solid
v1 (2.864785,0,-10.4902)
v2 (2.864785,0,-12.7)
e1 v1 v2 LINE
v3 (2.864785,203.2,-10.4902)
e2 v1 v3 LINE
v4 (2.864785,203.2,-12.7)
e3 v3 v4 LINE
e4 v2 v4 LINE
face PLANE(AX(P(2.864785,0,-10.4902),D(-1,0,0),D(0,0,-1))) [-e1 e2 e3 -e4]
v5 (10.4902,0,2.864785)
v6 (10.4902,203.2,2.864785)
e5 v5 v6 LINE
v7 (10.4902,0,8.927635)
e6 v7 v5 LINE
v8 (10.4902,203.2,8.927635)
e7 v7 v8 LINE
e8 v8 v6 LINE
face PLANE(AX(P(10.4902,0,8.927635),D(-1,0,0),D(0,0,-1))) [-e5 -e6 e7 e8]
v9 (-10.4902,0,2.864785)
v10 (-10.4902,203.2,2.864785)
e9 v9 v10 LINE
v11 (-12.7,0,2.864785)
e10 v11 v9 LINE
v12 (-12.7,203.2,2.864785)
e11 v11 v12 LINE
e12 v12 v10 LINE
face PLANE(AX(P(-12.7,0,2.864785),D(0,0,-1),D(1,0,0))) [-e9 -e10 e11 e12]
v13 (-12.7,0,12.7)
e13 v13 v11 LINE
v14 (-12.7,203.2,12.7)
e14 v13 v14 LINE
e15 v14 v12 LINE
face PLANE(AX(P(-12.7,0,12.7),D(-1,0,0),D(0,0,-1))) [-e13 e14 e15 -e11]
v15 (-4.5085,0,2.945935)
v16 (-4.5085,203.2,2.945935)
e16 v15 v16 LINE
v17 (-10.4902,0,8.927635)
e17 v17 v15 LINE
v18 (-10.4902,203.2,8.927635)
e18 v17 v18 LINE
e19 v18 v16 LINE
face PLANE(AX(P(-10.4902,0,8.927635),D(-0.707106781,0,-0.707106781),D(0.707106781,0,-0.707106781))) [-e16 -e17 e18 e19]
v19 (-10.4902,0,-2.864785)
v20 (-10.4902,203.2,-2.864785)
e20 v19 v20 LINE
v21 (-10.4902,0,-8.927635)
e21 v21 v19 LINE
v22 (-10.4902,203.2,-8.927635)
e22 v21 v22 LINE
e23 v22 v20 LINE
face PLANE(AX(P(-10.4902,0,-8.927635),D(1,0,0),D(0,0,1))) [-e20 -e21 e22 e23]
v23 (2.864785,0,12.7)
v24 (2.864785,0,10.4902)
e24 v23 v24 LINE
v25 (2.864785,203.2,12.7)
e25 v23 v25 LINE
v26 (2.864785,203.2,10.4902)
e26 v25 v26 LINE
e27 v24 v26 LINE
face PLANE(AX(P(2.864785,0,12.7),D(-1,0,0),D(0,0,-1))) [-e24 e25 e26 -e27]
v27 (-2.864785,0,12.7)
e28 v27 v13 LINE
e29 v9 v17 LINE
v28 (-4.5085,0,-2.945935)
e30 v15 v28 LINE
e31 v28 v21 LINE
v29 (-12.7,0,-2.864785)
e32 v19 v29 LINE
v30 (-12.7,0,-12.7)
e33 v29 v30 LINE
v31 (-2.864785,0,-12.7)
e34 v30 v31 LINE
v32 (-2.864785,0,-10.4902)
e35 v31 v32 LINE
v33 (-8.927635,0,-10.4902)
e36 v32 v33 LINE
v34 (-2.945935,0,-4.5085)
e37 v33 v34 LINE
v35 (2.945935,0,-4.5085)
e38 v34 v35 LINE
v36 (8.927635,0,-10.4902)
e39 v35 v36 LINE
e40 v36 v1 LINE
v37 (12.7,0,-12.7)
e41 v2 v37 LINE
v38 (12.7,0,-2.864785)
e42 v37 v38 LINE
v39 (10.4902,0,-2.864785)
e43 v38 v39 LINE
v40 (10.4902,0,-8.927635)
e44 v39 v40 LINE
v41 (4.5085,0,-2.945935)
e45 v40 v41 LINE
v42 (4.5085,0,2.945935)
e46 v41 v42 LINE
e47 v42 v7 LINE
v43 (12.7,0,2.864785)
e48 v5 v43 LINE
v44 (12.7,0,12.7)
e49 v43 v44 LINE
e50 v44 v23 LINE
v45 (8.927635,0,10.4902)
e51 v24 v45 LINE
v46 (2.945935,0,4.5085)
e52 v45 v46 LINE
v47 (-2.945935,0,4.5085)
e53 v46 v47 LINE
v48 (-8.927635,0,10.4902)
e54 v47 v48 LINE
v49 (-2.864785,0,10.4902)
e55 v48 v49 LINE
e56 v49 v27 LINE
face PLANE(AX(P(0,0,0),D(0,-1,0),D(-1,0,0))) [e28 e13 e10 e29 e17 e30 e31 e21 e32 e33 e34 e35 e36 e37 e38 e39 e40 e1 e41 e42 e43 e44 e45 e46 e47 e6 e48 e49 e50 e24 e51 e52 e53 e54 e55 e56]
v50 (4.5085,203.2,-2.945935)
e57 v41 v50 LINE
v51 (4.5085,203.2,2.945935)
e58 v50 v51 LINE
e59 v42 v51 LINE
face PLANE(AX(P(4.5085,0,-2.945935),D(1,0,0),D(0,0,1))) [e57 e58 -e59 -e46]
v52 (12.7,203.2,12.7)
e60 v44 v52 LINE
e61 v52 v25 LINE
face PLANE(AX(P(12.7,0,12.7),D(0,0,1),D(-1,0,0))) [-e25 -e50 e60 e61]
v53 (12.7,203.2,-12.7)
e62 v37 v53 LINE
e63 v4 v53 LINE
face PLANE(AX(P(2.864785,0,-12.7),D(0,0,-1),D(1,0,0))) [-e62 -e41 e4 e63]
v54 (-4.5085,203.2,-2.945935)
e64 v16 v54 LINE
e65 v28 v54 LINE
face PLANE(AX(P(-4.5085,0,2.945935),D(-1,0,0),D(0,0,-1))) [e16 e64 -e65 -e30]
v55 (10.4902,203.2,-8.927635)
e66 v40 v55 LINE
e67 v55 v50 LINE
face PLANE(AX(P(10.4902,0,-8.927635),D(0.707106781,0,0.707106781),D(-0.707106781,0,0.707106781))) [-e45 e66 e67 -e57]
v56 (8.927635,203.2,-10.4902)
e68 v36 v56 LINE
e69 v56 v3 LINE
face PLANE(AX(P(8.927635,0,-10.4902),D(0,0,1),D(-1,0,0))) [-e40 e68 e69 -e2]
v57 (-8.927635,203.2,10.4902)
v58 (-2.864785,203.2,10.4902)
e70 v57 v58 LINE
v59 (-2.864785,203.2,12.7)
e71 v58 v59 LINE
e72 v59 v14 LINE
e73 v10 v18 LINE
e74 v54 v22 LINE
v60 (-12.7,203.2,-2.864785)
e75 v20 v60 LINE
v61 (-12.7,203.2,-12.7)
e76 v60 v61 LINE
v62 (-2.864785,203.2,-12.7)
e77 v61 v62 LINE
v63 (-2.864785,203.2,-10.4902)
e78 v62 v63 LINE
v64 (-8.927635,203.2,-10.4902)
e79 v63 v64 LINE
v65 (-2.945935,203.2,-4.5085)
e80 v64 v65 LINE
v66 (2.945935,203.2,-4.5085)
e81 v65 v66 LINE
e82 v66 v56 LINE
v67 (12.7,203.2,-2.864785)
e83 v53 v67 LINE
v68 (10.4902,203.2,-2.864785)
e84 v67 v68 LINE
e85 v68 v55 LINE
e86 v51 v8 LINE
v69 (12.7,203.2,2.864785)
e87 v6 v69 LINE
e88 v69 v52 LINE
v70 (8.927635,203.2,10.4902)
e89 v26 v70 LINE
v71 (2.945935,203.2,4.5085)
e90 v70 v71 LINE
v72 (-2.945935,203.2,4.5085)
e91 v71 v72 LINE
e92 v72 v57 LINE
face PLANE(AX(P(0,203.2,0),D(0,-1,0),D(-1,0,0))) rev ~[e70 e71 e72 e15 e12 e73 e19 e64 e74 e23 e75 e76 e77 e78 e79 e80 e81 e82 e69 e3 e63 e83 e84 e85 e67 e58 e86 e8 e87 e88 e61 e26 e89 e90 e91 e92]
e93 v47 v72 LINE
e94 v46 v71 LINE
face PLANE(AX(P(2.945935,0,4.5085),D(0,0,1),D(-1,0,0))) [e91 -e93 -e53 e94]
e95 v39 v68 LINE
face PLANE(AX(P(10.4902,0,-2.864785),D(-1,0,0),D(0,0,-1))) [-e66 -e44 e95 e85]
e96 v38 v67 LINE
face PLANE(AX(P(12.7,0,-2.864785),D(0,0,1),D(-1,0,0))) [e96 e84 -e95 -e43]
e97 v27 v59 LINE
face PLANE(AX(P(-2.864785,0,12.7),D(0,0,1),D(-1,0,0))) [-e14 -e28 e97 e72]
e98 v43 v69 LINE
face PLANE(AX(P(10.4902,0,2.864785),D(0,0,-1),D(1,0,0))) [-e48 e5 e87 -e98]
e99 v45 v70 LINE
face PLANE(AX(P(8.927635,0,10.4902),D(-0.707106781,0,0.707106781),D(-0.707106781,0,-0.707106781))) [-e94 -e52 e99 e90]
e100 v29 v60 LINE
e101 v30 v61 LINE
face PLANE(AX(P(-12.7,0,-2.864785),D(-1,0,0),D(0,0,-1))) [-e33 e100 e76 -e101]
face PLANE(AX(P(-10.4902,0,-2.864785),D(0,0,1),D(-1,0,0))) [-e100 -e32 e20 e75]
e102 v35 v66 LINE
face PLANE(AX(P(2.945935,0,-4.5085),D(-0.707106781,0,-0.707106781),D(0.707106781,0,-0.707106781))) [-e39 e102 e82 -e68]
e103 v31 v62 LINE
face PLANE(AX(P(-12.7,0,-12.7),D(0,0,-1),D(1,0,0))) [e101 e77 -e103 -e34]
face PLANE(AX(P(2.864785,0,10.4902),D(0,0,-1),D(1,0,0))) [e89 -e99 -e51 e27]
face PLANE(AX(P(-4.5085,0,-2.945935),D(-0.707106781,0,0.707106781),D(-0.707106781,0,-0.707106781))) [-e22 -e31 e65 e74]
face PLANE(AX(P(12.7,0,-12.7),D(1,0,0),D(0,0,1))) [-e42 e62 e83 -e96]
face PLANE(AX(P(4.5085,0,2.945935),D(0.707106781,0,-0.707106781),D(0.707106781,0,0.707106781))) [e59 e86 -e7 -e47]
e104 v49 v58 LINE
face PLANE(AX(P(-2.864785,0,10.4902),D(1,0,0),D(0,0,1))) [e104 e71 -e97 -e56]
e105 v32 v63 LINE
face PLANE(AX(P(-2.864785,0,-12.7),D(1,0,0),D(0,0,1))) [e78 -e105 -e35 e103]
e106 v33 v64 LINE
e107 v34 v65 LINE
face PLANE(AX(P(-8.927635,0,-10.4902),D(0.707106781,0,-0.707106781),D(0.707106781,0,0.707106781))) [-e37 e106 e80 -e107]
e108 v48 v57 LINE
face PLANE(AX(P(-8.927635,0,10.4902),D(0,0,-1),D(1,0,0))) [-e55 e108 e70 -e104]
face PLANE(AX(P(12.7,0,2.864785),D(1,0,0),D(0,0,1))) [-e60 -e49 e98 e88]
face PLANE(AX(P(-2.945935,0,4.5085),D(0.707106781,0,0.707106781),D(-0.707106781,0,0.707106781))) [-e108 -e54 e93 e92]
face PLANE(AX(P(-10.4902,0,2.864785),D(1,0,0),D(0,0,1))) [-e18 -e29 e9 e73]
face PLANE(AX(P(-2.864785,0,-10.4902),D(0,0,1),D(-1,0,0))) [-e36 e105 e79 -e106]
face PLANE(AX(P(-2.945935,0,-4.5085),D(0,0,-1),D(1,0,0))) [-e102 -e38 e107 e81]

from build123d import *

# Parameters (mm, degrees)
BOSS_EXTRUDE1_DEPTH = 203.2


with BuildPart() as part:
    # Sketch1 → Boss-Extrude1 (new body)
    with BuildSketch(Plane(origin=(11.365010382, 0, 9.846206226), x_dir=(1, 0, 0), z_dir=(0, 1, 0))):
        Polygon((-24.065010382, 22.546206226), (-14.229795365, 22.546206226), (-14.229795365, 20.336406226), (-20.292645817, 20.336406226), (-14.310945817, 14.354706226), (-8.419074947, 14.354706226), (-2.437374947, 20.336406226), (-8.5002254, 20.336406226), (-8.5002254, 22.546206226), (1.334989618, 22.546206226), (1.334989618, 12.710991208), (-0.874810382, 12.710991208), (-0.874810382, 18.773841661), (-6.856510382, 12.792141661), (-6.856510382, 6.900270791), (-0.874810382, 0.918570791), (-0.874810382, 6.981421243), (1.334989618, 6.981421243), (1.334989618, -2.853793774), (-8.5002254, -2.853793774), (-8.5002254, -0.643993774), (-2.437374947, -0.643993774), (-8.419074947, 5.337706226), (-14.310945817, 5.337706226), (-20.292645817, -0.643993774), (-14.229795365, -0.643993774), (-14.229795365, -2.853793774), (-24.065010382, -2.853793774), (-24.065010382, 6.981421243), (-21.855210382, 6.981421243), (-21.855210382, 0.918570791), (-15.873510382, 6.900270791), (-15.873510382, 12.792141661), (-21.855210382, 18.773841661), (-21.855210382, 12.710991208), (-24.065010382, 12.710991208), align=None)
    extrude(amount=BOSS_EXTRUDE1_DEPTH)


solid = part.part
